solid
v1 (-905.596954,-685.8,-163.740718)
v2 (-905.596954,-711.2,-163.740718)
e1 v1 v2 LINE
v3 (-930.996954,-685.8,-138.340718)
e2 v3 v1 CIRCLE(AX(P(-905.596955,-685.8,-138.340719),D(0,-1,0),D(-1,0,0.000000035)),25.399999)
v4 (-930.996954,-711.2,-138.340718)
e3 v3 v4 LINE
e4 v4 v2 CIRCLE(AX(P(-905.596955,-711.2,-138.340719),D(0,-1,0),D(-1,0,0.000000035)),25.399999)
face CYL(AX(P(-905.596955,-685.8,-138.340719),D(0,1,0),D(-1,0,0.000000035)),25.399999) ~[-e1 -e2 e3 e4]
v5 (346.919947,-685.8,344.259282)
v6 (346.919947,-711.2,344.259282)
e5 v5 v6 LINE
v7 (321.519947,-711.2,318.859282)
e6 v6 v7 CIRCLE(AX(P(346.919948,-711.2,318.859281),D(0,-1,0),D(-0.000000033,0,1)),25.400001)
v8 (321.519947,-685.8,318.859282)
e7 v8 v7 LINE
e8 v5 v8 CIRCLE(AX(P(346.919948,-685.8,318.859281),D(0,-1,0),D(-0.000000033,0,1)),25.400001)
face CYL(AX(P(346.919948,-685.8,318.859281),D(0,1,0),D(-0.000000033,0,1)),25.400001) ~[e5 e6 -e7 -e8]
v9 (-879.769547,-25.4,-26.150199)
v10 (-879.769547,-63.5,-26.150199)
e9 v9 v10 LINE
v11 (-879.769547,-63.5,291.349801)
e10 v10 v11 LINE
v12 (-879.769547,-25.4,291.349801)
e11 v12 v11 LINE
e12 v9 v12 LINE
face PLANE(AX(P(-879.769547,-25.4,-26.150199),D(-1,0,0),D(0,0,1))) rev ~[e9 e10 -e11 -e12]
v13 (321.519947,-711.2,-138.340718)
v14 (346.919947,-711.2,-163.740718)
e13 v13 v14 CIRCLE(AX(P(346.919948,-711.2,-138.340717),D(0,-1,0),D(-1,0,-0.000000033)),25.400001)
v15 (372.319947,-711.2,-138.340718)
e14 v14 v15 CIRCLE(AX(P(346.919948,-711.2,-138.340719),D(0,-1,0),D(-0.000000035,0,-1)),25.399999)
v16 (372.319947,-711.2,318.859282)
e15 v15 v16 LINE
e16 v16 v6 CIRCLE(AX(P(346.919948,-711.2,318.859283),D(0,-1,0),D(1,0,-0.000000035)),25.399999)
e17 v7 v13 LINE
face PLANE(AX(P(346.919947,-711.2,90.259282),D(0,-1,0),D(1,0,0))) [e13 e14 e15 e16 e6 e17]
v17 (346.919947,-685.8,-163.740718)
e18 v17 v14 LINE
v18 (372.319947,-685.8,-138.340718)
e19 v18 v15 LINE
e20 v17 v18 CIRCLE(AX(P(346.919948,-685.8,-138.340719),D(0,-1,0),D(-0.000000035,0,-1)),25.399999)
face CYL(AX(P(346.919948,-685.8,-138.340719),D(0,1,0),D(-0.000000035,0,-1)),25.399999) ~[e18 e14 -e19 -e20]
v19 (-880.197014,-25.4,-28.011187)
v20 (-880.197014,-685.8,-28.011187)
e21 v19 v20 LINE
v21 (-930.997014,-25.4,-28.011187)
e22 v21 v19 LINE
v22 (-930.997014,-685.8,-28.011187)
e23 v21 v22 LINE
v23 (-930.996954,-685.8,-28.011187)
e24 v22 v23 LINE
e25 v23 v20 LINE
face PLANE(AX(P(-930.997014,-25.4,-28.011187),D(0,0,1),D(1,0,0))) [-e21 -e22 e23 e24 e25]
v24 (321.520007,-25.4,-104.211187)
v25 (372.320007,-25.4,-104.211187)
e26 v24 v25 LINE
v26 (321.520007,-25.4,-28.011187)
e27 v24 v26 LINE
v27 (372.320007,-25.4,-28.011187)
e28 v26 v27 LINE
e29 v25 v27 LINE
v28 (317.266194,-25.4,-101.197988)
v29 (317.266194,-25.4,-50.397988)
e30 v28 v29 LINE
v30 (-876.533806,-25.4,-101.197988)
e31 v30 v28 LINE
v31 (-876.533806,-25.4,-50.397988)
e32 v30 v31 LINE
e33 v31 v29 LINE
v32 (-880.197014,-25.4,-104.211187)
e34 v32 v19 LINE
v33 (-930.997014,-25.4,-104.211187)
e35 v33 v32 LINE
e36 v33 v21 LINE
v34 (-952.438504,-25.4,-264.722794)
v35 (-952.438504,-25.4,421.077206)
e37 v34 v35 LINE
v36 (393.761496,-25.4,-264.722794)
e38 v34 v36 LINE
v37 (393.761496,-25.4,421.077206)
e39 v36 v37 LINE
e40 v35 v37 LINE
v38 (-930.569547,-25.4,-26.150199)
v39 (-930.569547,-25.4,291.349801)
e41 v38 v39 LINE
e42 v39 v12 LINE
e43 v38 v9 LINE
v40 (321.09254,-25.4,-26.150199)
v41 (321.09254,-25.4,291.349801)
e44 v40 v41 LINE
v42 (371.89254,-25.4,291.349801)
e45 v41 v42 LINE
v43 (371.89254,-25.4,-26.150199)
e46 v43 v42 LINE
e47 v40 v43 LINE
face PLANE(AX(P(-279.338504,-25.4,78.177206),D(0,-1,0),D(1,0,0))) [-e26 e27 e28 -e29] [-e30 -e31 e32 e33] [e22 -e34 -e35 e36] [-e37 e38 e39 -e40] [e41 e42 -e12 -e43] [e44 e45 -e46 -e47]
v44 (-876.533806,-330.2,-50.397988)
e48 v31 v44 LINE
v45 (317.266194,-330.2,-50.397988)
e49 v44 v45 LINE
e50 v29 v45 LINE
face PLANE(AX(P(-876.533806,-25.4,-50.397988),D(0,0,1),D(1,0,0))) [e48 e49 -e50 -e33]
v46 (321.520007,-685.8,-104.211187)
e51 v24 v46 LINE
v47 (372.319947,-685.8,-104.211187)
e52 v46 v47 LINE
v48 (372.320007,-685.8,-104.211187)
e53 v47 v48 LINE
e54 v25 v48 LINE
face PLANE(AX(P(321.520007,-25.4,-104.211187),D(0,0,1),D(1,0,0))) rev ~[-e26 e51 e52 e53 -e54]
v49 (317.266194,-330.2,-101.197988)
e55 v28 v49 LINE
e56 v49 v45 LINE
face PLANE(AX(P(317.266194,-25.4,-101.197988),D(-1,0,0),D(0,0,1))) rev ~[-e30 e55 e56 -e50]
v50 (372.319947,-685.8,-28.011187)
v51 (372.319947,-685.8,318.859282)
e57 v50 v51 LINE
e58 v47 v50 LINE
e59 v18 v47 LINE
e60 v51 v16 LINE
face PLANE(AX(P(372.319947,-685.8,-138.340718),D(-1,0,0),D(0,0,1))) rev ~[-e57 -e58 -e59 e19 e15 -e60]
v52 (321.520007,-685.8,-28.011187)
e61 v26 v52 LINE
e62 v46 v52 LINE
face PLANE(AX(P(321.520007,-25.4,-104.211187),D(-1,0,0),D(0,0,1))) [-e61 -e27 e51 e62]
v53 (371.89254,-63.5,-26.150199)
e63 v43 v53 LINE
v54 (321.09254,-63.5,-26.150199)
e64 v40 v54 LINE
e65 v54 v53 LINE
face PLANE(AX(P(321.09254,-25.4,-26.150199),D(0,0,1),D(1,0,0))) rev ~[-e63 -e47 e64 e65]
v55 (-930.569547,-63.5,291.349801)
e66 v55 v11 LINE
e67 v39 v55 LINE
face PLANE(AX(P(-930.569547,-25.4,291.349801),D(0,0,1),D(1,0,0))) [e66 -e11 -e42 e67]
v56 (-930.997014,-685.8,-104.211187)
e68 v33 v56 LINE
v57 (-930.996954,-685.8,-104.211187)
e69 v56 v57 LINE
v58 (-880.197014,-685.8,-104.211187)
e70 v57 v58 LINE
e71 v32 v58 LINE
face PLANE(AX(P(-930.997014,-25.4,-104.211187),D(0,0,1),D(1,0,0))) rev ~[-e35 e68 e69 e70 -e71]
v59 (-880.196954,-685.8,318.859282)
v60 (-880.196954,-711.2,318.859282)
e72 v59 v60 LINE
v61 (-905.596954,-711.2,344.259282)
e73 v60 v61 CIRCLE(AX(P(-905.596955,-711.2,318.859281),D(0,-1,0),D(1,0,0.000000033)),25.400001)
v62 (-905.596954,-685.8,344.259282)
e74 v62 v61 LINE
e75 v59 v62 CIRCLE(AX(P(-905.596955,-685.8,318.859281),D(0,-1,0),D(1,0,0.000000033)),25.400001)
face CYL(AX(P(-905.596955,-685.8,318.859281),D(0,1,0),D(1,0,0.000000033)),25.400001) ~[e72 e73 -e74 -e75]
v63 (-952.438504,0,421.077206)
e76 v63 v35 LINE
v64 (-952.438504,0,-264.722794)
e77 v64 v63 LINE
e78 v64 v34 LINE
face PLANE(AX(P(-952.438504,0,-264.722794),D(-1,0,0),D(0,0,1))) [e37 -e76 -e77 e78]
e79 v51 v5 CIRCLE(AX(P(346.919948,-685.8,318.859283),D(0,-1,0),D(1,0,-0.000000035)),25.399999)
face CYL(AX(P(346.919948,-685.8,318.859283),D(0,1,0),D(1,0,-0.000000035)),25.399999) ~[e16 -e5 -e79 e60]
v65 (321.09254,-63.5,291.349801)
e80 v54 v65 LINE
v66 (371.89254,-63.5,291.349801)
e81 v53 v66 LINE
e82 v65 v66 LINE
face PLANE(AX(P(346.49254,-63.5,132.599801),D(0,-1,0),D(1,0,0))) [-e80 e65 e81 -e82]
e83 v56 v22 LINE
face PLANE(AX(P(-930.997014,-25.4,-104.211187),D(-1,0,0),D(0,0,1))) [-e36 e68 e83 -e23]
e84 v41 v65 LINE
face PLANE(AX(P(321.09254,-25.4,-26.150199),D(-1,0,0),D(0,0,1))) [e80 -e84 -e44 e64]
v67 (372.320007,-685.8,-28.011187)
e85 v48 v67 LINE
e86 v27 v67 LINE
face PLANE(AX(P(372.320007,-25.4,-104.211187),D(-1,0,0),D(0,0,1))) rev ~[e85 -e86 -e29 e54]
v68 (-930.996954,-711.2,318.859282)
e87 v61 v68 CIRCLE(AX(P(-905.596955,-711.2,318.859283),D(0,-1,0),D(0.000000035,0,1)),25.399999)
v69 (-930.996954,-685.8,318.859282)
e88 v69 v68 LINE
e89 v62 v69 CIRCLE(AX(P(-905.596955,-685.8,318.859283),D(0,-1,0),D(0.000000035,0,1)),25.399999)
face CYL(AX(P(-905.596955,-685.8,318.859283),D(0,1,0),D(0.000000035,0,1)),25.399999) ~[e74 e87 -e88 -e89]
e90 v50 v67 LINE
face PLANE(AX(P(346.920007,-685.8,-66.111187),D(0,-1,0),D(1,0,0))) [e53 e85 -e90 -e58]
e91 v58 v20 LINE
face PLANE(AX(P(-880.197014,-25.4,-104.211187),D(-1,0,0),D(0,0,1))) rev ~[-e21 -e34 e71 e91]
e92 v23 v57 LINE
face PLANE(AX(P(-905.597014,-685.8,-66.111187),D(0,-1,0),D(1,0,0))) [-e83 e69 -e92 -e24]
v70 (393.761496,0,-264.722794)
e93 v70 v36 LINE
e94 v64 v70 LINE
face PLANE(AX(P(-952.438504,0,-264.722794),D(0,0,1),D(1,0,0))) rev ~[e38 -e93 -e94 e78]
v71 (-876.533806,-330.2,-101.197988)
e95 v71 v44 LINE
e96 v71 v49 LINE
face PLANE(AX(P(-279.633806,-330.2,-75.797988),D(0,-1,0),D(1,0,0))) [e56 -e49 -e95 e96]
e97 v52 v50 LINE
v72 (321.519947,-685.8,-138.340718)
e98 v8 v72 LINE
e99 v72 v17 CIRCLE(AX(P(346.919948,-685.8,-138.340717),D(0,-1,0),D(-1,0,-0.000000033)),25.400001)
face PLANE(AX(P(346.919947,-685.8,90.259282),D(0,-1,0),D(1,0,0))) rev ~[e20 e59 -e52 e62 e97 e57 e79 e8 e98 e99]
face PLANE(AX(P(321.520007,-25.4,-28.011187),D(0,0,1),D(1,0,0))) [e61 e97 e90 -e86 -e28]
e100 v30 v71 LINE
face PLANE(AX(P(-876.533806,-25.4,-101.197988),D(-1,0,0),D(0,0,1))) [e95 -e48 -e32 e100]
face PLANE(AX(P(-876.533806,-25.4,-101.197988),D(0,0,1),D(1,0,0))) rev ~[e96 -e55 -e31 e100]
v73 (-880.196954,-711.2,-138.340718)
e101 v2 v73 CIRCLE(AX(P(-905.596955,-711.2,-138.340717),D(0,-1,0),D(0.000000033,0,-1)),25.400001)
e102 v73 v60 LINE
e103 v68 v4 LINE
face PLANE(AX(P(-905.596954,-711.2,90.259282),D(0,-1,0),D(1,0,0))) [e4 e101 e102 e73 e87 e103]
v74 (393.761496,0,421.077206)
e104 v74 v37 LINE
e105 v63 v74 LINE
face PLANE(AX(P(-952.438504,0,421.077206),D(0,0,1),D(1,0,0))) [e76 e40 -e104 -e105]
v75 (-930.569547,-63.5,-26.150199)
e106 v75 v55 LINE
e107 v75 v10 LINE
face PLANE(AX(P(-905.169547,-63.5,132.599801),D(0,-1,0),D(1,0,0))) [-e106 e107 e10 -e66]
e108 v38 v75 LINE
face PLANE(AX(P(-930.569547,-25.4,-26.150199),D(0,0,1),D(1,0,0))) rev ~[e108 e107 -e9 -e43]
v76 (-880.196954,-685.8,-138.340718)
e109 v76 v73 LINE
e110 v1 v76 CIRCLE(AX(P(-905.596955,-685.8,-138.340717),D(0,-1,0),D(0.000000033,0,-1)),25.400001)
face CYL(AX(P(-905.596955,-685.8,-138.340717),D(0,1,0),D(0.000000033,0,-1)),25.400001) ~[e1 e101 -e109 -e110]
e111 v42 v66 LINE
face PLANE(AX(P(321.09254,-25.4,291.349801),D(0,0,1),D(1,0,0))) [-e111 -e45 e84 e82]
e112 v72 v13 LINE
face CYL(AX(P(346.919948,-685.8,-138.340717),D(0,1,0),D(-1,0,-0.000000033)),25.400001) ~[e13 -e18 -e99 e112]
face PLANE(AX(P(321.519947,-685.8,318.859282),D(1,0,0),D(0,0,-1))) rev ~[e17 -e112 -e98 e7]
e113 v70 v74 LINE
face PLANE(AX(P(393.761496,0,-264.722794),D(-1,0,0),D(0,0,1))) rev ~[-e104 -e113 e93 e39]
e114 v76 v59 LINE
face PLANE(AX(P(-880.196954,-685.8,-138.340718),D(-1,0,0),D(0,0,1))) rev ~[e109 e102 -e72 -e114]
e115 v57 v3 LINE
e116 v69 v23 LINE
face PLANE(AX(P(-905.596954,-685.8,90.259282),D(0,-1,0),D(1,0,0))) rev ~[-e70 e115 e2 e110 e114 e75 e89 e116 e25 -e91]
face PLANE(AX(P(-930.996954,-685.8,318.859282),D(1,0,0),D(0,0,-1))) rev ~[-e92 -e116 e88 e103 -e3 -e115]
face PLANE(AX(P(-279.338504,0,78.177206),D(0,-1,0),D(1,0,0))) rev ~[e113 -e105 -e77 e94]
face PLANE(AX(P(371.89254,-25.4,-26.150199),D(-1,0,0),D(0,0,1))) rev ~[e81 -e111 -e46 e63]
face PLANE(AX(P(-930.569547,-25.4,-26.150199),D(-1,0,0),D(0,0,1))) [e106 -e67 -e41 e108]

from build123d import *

# Parameters (mm, degrees)
F0_W     = 1346.2
F0_H     = 685.8
F1_DEPTH = 25.4
F2_W     = 50.8
F2_H     = 317.5
F3_DEPTH = 38.1
F4_W     = 50.8
F4_H     = 76.2
F5_DEPTH = 660.4
F7_DEPTH = 25.4
F8_W     = 1193.8
F8_H     = 50.8
F9_DEPTH = 304.8


with BuildPart() as f1:
    # F0 (on Front) → F1 (new body)
    with BuildSketch(Plane.XZ):
        with Locations((-279.338504, 78.177206)):
            Rectangle(F0_W, F0_H)
    extrude(amount=F1_DEPTH)

    # F2 (on face) → F3 (join)
    with BuildSketch(Plane.XZ.offset(25.4)):
        with Locations((-905.169547, 132.599801)):
            Rectangle(F2_W, F2_H)
        with Locations((346.49254, 132.599801)):
            Rectangle(F2_W, F2_H)
    extrude(amount=F3_DEPTH)

    # F4 (on face) → F5 (join)
    with BuildSketch(Plane.XZ.offset(25.4)):
        with Locations((-905.597014, -66.111187)):
            Rectangle(F4_W, F4_H)
        with Locations((346.920007, -66.111187)):
            Rectangle(F4_W, F4_H)
    extrude(amount=F5_DEPTH)

    # F6 (on face) → F7 (join)
    with BuildSketch(Plane.XZ.offset(685.8)):
        with BuildLine():
            Line((-880.196954, -138.340718), (-880.196954, 318.859282))
            ThreePointArc((-880.196954, 318.859282), (-887.636442, 336.819794), (-905.596954, 344.259282))
            ThreePointArc((-905.596954, 344.259282), (-923.557467, 336.819794), (-930.996954, 318.859282))
            Line((-930.996954, 318.859282), (-930.996954, -138.340718))
            ThreePointArc((-930.996954, -138.340718), (-923.557467, -156.30123), (-905.596954, -163.740718))
            ThreePointArc((-905.596954, -163.740718), (-887.636442, -156.30123), (-880.196954, -138.340718))
        make_face()
        with BuildLine():
            ThreePointArc((346.919947, 344.259282), (328.959435, 336.819794), (321.519947, 318.859282))
            Line((321.519947, 318.859282), (321.519947, -138.340718))
            ThreePointArc((321.519947, -138.340718), (328.959435, -156.30123), (346.919947, -163.740718))
            ThreePointArc((346.919947, -163.740718), (364.88046, -156.30123), (372.319947, -138.340718))
            Line((372.319947, -138.340718), (372.319947, 318.859282))
            ThreePointArc((372.319947, 318.859282), (364.88046, 336.819794), (346.919947, 344.259282))
        make_face()
    extrude(amount=F7_DEPTH)

    # F8 (on face) → F9 (join)
    with BuildSketch(Plane.XZ.offset(25.4)):
        with Locations((-279.633806, -75.797988)):
            Rectangle(F8_W, F8_H)
    extrude(amount=F9_DEPTH)


solid = f1.part
